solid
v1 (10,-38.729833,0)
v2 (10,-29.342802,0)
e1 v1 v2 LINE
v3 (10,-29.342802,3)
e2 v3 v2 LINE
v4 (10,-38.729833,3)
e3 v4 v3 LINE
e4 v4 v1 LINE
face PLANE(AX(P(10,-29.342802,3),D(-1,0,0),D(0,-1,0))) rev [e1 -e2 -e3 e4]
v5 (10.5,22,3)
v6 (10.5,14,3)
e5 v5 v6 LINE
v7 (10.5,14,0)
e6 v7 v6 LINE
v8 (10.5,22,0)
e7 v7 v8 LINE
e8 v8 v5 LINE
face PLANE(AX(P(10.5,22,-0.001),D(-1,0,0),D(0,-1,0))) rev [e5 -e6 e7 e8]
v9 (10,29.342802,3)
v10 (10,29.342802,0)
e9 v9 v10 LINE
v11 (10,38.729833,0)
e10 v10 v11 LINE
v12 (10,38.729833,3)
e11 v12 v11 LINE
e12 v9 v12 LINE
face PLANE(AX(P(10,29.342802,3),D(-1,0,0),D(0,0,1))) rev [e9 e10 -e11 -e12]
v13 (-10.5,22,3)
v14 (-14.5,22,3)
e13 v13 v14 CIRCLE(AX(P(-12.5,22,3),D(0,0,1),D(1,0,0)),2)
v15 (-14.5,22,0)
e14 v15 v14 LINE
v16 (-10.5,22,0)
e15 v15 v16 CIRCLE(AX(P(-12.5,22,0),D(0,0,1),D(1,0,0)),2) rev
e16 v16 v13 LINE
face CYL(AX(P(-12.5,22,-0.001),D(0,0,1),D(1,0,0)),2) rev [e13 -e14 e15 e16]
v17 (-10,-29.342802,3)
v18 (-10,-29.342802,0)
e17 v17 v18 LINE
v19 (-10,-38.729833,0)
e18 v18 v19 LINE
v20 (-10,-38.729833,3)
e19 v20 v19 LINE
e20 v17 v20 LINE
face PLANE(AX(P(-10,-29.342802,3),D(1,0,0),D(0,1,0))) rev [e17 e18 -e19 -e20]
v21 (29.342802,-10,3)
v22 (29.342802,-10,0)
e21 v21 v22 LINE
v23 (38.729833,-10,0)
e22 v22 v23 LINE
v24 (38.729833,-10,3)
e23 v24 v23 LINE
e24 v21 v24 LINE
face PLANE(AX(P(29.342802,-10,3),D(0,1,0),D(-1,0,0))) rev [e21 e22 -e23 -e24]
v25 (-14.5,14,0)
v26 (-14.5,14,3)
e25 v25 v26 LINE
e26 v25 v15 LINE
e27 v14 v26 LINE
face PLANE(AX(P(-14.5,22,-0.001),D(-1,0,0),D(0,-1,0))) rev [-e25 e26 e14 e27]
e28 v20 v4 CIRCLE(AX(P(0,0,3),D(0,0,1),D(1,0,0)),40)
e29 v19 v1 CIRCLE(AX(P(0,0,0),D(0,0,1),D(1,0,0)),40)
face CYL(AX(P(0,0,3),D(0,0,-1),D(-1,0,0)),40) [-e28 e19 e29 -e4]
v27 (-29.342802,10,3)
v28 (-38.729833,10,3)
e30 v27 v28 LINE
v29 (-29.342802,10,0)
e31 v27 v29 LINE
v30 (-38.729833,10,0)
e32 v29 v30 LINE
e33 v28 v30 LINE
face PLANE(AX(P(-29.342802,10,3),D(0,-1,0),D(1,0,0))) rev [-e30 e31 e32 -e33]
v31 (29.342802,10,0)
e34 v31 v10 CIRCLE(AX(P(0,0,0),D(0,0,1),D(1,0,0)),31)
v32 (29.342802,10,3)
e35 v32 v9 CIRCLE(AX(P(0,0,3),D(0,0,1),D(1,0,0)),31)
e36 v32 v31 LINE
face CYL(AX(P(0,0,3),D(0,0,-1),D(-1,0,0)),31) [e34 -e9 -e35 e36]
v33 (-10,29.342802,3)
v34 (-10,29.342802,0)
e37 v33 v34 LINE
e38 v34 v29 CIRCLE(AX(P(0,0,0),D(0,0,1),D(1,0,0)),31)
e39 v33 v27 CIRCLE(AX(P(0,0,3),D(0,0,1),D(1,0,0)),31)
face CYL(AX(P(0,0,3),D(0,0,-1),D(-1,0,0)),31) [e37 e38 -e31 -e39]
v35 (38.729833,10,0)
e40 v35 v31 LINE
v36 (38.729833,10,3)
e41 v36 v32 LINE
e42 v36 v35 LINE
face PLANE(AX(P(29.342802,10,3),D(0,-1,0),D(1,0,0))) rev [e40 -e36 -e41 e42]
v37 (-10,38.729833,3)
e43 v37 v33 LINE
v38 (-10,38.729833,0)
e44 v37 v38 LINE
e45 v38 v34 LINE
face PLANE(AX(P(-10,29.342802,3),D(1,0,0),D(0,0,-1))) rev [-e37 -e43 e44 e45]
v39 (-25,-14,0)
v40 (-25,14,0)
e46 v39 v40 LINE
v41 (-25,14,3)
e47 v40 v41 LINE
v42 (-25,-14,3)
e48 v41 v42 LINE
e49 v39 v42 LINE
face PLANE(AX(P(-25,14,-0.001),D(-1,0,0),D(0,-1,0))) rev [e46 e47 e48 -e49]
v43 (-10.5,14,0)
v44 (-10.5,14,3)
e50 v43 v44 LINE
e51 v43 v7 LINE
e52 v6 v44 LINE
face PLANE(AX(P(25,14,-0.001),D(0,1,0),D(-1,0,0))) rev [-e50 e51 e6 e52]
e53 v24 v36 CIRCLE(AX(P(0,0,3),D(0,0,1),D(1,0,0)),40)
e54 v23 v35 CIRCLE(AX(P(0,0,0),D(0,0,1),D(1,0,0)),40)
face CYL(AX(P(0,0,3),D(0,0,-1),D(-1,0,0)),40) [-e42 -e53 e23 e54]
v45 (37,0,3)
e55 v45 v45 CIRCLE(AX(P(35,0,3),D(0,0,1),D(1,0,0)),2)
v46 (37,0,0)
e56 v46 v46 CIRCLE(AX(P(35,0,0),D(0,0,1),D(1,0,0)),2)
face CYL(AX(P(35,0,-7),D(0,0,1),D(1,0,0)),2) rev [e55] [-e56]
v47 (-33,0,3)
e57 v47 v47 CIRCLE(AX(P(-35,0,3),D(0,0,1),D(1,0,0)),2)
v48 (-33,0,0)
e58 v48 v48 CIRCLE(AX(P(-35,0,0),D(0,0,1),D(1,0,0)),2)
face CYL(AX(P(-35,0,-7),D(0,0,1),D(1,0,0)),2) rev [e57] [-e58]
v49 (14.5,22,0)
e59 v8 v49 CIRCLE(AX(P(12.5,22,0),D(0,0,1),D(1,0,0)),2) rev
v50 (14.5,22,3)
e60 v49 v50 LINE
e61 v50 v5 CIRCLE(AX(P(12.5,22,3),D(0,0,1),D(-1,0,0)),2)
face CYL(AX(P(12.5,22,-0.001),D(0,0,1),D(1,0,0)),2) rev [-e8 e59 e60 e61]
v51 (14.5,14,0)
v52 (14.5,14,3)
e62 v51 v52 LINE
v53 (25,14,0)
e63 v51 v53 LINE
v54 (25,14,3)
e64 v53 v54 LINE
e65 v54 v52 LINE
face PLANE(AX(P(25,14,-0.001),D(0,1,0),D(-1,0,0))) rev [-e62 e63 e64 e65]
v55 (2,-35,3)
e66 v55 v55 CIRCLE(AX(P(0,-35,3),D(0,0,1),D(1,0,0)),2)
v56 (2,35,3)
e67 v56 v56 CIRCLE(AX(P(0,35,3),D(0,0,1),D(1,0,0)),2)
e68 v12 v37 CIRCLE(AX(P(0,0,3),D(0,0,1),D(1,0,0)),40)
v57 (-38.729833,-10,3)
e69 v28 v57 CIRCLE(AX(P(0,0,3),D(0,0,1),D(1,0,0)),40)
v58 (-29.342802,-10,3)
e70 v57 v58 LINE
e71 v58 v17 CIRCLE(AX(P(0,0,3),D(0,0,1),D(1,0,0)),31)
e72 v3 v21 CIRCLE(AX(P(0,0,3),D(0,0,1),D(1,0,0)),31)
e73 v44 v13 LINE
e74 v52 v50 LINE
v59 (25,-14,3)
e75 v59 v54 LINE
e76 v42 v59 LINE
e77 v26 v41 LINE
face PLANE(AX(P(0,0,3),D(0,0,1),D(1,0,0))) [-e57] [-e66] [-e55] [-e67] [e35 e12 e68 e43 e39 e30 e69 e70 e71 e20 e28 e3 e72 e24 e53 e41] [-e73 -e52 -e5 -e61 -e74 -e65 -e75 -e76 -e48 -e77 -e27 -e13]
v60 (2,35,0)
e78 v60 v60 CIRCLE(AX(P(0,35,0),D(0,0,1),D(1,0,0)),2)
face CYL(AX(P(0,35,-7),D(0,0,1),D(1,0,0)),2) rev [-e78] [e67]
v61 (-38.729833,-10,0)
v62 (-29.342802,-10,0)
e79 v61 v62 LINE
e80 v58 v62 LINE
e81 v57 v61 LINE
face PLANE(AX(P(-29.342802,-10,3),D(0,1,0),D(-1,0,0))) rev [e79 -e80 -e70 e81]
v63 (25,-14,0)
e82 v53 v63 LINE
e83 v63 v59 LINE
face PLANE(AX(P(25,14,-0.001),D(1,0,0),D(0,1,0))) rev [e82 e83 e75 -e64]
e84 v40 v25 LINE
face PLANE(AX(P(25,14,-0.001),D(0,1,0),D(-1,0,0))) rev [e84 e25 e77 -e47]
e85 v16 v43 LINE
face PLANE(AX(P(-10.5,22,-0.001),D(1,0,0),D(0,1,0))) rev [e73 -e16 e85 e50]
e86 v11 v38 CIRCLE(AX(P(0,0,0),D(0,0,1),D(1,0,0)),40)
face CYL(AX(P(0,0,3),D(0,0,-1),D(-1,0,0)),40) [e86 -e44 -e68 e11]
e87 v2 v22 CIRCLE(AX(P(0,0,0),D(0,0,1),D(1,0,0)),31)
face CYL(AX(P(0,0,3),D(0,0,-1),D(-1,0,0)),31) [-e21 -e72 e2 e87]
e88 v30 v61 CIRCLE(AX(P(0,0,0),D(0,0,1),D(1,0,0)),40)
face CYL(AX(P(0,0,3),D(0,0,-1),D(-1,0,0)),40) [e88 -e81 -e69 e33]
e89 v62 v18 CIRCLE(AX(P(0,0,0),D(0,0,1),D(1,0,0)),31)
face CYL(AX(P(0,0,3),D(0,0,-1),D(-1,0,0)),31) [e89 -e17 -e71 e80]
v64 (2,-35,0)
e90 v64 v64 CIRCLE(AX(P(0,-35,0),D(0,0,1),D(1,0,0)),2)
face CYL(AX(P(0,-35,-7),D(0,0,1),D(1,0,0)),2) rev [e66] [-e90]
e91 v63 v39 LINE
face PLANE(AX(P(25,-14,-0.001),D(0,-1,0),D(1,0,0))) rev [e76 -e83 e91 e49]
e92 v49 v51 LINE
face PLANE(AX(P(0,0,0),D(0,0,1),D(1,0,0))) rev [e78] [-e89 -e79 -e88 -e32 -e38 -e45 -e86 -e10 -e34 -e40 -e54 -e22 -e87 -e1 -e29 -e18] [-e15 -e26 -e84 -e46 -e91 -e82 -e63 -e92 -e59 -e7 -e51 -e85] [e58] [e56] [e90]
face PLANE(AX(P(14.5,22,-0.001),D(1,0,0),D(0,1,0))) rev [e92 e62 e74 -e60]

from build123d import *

# Parameters (mm, degrees)
BOSS_EXTRUDE1_DEPTH = 3
CUT_EXTRUDE1_REACH  = 58.648
SKETCH2_W           = 50
SKETCH2_H           = 28
CUT_EXTRUDE2_REACH  = 58.648
SKETCH4_R           = 2
CUT_EXTRUDE3_DEPTH  = 10


with BuildPart() as part:
    # Sketch1 → Boss-Extrude1 (new body)
    with BuildSketch(Plane.XY):
        with BuildLine():
            Line((10, 29.342801502), (10, 38.729833462))
            ThreePointArc((10, 38.729833462), (0, 40), (-10, 38.729833462))
            Line((-10, 38.729833462), (-10, 29.342801502))
            ThreePointArc((-10, 29.342801502), (-21.920310217, 21.920310217), (-29.342801502, 10))
            Line((-29.342801502, 10), (-38.729833462, 10))
            ThreePointArc((-38.729833462, 10), (-40, 0), (-38.729833462, -10))
            Line((-38.729833462, -10), (-29.342801502, -10))
            ThreePointArc((-29.342801502, -10), (-21.920310217, -21.920310217), (-10, -29.342801502))
            Line((-10, -29.342801502), (-10, -38.729833462))
            ThreePointArc((-10, -38.729833462), (0, -40), (10, -38.729833462))
            Line((10, -38.729833462), (10, -29.342801502))
            ThreePointArc((10, -29.342801502), (21.920310217, -21.920310217), (29.342801502, -10))
            Line((29.342801502, -10), (38.729833462, -10))
            ThreePointArc((38.729833462, -10), (40, 0), (38.729833462, 10))
            Line((38.729833462, 10), (29.342801502, 10))
            ThreePointArc((29.342801502, 10), (21.920310217, 21.920310217), (10, 29.342801502))
        make_face()
    extrude(amount=BOSS_EXTRUDE1_DEPTH)

    # Sketch2 → Cut-Extrude1 (cut, up to next)
    with BuildSketch(Plane.XY.offset(3), mode=Mode.PRIVATE) as cut_extrude1_sk1:
        Rectangle(SKETCH2_W, SKETCH2_H)
    cut_extrude1_tool1 = extrude(cut_extrude1_sk1.sketch, amount=-CUT_EXTRUDE1_REACH, mode=Mode.PRIVATE) & part.part
    add(cut_extrude1_tool1.solids().sort_by_distance((0, 0, 3))[0], mode=Mode.SUBTRACT)

    # Sketch3 → Cut-Extrude2 (cut, up to next)
    with BuildSketch(Plane.XY.offset(3), mode=Mode.PRIVATE) as cut_extrude2_sk1:
        with BuildLine():
            Line((-10.5, 22), (-10.5, 14))
            Line((-10.5, 14), (-14.5, 14))
            Line((-14.5, 14), (-14.5, 22))
            ThreePointArc((-14.5, 22), (-12.5, 24), (-10.5, 22))
        make_face()
    cut_extrude2_tool1 = extrude(cut_extrude2_sk1.sketch, amount=-CUT_EXTRUDE2_REACH, mode=Mode.PRIVATE) & part.part
    # Sketch3 → Cut-Extrude2 (cut, up to next)
    with BuildSketch(Plane.XY.offset(3), mode=Mode.PRIVATE) as cut_extrude2_sk2:
        with BuildLine():
            Line((10.5, 22), (10.5, 14))
            Line((10.5, 14), (14.5, 14))
            Line((14.5, 14), (14.5, 22))
            ThreePointArc((14.5, 22), (12.5, 24), (10.5, 22))
        make_face()
    cut_extrude2_tool2 = extrude(cut_extrude2_sk2.sketch, amount=-CUT_EXTRUDE2_REACH, mode=Mode.PRIVATE) & part.part
    add(cut_extrude2_tool1.solids().sort_by_distance((-12.5, 18.795808, 3))[0], mode=Mode.SUBTRACT)
    add(cut_extrude2_tool2.solids().sort_by_distance((12.5, 18.795808, 3))[0], mode=Mode.SUBTRACT)

    # Sketch4 → Cut-Extrude3 (cut)
    with BuildSketch(Plane.XY.offset(3)):
        with Locations((0, 35)):
            Circle(SKETCH4_R)
        with Locations((35, 0)):
            Circle(SKETCH4_R)
        with Locations((0, -35)):
            Circle(SKETCH4_R)
        with Locations((-35, 0)):
            Circle(SKETCH4_R)
    extrude(amount=-CUT_EXTRUDE3_DEPTH, mode=Mode.SUBTRACT)


solid = part.part
